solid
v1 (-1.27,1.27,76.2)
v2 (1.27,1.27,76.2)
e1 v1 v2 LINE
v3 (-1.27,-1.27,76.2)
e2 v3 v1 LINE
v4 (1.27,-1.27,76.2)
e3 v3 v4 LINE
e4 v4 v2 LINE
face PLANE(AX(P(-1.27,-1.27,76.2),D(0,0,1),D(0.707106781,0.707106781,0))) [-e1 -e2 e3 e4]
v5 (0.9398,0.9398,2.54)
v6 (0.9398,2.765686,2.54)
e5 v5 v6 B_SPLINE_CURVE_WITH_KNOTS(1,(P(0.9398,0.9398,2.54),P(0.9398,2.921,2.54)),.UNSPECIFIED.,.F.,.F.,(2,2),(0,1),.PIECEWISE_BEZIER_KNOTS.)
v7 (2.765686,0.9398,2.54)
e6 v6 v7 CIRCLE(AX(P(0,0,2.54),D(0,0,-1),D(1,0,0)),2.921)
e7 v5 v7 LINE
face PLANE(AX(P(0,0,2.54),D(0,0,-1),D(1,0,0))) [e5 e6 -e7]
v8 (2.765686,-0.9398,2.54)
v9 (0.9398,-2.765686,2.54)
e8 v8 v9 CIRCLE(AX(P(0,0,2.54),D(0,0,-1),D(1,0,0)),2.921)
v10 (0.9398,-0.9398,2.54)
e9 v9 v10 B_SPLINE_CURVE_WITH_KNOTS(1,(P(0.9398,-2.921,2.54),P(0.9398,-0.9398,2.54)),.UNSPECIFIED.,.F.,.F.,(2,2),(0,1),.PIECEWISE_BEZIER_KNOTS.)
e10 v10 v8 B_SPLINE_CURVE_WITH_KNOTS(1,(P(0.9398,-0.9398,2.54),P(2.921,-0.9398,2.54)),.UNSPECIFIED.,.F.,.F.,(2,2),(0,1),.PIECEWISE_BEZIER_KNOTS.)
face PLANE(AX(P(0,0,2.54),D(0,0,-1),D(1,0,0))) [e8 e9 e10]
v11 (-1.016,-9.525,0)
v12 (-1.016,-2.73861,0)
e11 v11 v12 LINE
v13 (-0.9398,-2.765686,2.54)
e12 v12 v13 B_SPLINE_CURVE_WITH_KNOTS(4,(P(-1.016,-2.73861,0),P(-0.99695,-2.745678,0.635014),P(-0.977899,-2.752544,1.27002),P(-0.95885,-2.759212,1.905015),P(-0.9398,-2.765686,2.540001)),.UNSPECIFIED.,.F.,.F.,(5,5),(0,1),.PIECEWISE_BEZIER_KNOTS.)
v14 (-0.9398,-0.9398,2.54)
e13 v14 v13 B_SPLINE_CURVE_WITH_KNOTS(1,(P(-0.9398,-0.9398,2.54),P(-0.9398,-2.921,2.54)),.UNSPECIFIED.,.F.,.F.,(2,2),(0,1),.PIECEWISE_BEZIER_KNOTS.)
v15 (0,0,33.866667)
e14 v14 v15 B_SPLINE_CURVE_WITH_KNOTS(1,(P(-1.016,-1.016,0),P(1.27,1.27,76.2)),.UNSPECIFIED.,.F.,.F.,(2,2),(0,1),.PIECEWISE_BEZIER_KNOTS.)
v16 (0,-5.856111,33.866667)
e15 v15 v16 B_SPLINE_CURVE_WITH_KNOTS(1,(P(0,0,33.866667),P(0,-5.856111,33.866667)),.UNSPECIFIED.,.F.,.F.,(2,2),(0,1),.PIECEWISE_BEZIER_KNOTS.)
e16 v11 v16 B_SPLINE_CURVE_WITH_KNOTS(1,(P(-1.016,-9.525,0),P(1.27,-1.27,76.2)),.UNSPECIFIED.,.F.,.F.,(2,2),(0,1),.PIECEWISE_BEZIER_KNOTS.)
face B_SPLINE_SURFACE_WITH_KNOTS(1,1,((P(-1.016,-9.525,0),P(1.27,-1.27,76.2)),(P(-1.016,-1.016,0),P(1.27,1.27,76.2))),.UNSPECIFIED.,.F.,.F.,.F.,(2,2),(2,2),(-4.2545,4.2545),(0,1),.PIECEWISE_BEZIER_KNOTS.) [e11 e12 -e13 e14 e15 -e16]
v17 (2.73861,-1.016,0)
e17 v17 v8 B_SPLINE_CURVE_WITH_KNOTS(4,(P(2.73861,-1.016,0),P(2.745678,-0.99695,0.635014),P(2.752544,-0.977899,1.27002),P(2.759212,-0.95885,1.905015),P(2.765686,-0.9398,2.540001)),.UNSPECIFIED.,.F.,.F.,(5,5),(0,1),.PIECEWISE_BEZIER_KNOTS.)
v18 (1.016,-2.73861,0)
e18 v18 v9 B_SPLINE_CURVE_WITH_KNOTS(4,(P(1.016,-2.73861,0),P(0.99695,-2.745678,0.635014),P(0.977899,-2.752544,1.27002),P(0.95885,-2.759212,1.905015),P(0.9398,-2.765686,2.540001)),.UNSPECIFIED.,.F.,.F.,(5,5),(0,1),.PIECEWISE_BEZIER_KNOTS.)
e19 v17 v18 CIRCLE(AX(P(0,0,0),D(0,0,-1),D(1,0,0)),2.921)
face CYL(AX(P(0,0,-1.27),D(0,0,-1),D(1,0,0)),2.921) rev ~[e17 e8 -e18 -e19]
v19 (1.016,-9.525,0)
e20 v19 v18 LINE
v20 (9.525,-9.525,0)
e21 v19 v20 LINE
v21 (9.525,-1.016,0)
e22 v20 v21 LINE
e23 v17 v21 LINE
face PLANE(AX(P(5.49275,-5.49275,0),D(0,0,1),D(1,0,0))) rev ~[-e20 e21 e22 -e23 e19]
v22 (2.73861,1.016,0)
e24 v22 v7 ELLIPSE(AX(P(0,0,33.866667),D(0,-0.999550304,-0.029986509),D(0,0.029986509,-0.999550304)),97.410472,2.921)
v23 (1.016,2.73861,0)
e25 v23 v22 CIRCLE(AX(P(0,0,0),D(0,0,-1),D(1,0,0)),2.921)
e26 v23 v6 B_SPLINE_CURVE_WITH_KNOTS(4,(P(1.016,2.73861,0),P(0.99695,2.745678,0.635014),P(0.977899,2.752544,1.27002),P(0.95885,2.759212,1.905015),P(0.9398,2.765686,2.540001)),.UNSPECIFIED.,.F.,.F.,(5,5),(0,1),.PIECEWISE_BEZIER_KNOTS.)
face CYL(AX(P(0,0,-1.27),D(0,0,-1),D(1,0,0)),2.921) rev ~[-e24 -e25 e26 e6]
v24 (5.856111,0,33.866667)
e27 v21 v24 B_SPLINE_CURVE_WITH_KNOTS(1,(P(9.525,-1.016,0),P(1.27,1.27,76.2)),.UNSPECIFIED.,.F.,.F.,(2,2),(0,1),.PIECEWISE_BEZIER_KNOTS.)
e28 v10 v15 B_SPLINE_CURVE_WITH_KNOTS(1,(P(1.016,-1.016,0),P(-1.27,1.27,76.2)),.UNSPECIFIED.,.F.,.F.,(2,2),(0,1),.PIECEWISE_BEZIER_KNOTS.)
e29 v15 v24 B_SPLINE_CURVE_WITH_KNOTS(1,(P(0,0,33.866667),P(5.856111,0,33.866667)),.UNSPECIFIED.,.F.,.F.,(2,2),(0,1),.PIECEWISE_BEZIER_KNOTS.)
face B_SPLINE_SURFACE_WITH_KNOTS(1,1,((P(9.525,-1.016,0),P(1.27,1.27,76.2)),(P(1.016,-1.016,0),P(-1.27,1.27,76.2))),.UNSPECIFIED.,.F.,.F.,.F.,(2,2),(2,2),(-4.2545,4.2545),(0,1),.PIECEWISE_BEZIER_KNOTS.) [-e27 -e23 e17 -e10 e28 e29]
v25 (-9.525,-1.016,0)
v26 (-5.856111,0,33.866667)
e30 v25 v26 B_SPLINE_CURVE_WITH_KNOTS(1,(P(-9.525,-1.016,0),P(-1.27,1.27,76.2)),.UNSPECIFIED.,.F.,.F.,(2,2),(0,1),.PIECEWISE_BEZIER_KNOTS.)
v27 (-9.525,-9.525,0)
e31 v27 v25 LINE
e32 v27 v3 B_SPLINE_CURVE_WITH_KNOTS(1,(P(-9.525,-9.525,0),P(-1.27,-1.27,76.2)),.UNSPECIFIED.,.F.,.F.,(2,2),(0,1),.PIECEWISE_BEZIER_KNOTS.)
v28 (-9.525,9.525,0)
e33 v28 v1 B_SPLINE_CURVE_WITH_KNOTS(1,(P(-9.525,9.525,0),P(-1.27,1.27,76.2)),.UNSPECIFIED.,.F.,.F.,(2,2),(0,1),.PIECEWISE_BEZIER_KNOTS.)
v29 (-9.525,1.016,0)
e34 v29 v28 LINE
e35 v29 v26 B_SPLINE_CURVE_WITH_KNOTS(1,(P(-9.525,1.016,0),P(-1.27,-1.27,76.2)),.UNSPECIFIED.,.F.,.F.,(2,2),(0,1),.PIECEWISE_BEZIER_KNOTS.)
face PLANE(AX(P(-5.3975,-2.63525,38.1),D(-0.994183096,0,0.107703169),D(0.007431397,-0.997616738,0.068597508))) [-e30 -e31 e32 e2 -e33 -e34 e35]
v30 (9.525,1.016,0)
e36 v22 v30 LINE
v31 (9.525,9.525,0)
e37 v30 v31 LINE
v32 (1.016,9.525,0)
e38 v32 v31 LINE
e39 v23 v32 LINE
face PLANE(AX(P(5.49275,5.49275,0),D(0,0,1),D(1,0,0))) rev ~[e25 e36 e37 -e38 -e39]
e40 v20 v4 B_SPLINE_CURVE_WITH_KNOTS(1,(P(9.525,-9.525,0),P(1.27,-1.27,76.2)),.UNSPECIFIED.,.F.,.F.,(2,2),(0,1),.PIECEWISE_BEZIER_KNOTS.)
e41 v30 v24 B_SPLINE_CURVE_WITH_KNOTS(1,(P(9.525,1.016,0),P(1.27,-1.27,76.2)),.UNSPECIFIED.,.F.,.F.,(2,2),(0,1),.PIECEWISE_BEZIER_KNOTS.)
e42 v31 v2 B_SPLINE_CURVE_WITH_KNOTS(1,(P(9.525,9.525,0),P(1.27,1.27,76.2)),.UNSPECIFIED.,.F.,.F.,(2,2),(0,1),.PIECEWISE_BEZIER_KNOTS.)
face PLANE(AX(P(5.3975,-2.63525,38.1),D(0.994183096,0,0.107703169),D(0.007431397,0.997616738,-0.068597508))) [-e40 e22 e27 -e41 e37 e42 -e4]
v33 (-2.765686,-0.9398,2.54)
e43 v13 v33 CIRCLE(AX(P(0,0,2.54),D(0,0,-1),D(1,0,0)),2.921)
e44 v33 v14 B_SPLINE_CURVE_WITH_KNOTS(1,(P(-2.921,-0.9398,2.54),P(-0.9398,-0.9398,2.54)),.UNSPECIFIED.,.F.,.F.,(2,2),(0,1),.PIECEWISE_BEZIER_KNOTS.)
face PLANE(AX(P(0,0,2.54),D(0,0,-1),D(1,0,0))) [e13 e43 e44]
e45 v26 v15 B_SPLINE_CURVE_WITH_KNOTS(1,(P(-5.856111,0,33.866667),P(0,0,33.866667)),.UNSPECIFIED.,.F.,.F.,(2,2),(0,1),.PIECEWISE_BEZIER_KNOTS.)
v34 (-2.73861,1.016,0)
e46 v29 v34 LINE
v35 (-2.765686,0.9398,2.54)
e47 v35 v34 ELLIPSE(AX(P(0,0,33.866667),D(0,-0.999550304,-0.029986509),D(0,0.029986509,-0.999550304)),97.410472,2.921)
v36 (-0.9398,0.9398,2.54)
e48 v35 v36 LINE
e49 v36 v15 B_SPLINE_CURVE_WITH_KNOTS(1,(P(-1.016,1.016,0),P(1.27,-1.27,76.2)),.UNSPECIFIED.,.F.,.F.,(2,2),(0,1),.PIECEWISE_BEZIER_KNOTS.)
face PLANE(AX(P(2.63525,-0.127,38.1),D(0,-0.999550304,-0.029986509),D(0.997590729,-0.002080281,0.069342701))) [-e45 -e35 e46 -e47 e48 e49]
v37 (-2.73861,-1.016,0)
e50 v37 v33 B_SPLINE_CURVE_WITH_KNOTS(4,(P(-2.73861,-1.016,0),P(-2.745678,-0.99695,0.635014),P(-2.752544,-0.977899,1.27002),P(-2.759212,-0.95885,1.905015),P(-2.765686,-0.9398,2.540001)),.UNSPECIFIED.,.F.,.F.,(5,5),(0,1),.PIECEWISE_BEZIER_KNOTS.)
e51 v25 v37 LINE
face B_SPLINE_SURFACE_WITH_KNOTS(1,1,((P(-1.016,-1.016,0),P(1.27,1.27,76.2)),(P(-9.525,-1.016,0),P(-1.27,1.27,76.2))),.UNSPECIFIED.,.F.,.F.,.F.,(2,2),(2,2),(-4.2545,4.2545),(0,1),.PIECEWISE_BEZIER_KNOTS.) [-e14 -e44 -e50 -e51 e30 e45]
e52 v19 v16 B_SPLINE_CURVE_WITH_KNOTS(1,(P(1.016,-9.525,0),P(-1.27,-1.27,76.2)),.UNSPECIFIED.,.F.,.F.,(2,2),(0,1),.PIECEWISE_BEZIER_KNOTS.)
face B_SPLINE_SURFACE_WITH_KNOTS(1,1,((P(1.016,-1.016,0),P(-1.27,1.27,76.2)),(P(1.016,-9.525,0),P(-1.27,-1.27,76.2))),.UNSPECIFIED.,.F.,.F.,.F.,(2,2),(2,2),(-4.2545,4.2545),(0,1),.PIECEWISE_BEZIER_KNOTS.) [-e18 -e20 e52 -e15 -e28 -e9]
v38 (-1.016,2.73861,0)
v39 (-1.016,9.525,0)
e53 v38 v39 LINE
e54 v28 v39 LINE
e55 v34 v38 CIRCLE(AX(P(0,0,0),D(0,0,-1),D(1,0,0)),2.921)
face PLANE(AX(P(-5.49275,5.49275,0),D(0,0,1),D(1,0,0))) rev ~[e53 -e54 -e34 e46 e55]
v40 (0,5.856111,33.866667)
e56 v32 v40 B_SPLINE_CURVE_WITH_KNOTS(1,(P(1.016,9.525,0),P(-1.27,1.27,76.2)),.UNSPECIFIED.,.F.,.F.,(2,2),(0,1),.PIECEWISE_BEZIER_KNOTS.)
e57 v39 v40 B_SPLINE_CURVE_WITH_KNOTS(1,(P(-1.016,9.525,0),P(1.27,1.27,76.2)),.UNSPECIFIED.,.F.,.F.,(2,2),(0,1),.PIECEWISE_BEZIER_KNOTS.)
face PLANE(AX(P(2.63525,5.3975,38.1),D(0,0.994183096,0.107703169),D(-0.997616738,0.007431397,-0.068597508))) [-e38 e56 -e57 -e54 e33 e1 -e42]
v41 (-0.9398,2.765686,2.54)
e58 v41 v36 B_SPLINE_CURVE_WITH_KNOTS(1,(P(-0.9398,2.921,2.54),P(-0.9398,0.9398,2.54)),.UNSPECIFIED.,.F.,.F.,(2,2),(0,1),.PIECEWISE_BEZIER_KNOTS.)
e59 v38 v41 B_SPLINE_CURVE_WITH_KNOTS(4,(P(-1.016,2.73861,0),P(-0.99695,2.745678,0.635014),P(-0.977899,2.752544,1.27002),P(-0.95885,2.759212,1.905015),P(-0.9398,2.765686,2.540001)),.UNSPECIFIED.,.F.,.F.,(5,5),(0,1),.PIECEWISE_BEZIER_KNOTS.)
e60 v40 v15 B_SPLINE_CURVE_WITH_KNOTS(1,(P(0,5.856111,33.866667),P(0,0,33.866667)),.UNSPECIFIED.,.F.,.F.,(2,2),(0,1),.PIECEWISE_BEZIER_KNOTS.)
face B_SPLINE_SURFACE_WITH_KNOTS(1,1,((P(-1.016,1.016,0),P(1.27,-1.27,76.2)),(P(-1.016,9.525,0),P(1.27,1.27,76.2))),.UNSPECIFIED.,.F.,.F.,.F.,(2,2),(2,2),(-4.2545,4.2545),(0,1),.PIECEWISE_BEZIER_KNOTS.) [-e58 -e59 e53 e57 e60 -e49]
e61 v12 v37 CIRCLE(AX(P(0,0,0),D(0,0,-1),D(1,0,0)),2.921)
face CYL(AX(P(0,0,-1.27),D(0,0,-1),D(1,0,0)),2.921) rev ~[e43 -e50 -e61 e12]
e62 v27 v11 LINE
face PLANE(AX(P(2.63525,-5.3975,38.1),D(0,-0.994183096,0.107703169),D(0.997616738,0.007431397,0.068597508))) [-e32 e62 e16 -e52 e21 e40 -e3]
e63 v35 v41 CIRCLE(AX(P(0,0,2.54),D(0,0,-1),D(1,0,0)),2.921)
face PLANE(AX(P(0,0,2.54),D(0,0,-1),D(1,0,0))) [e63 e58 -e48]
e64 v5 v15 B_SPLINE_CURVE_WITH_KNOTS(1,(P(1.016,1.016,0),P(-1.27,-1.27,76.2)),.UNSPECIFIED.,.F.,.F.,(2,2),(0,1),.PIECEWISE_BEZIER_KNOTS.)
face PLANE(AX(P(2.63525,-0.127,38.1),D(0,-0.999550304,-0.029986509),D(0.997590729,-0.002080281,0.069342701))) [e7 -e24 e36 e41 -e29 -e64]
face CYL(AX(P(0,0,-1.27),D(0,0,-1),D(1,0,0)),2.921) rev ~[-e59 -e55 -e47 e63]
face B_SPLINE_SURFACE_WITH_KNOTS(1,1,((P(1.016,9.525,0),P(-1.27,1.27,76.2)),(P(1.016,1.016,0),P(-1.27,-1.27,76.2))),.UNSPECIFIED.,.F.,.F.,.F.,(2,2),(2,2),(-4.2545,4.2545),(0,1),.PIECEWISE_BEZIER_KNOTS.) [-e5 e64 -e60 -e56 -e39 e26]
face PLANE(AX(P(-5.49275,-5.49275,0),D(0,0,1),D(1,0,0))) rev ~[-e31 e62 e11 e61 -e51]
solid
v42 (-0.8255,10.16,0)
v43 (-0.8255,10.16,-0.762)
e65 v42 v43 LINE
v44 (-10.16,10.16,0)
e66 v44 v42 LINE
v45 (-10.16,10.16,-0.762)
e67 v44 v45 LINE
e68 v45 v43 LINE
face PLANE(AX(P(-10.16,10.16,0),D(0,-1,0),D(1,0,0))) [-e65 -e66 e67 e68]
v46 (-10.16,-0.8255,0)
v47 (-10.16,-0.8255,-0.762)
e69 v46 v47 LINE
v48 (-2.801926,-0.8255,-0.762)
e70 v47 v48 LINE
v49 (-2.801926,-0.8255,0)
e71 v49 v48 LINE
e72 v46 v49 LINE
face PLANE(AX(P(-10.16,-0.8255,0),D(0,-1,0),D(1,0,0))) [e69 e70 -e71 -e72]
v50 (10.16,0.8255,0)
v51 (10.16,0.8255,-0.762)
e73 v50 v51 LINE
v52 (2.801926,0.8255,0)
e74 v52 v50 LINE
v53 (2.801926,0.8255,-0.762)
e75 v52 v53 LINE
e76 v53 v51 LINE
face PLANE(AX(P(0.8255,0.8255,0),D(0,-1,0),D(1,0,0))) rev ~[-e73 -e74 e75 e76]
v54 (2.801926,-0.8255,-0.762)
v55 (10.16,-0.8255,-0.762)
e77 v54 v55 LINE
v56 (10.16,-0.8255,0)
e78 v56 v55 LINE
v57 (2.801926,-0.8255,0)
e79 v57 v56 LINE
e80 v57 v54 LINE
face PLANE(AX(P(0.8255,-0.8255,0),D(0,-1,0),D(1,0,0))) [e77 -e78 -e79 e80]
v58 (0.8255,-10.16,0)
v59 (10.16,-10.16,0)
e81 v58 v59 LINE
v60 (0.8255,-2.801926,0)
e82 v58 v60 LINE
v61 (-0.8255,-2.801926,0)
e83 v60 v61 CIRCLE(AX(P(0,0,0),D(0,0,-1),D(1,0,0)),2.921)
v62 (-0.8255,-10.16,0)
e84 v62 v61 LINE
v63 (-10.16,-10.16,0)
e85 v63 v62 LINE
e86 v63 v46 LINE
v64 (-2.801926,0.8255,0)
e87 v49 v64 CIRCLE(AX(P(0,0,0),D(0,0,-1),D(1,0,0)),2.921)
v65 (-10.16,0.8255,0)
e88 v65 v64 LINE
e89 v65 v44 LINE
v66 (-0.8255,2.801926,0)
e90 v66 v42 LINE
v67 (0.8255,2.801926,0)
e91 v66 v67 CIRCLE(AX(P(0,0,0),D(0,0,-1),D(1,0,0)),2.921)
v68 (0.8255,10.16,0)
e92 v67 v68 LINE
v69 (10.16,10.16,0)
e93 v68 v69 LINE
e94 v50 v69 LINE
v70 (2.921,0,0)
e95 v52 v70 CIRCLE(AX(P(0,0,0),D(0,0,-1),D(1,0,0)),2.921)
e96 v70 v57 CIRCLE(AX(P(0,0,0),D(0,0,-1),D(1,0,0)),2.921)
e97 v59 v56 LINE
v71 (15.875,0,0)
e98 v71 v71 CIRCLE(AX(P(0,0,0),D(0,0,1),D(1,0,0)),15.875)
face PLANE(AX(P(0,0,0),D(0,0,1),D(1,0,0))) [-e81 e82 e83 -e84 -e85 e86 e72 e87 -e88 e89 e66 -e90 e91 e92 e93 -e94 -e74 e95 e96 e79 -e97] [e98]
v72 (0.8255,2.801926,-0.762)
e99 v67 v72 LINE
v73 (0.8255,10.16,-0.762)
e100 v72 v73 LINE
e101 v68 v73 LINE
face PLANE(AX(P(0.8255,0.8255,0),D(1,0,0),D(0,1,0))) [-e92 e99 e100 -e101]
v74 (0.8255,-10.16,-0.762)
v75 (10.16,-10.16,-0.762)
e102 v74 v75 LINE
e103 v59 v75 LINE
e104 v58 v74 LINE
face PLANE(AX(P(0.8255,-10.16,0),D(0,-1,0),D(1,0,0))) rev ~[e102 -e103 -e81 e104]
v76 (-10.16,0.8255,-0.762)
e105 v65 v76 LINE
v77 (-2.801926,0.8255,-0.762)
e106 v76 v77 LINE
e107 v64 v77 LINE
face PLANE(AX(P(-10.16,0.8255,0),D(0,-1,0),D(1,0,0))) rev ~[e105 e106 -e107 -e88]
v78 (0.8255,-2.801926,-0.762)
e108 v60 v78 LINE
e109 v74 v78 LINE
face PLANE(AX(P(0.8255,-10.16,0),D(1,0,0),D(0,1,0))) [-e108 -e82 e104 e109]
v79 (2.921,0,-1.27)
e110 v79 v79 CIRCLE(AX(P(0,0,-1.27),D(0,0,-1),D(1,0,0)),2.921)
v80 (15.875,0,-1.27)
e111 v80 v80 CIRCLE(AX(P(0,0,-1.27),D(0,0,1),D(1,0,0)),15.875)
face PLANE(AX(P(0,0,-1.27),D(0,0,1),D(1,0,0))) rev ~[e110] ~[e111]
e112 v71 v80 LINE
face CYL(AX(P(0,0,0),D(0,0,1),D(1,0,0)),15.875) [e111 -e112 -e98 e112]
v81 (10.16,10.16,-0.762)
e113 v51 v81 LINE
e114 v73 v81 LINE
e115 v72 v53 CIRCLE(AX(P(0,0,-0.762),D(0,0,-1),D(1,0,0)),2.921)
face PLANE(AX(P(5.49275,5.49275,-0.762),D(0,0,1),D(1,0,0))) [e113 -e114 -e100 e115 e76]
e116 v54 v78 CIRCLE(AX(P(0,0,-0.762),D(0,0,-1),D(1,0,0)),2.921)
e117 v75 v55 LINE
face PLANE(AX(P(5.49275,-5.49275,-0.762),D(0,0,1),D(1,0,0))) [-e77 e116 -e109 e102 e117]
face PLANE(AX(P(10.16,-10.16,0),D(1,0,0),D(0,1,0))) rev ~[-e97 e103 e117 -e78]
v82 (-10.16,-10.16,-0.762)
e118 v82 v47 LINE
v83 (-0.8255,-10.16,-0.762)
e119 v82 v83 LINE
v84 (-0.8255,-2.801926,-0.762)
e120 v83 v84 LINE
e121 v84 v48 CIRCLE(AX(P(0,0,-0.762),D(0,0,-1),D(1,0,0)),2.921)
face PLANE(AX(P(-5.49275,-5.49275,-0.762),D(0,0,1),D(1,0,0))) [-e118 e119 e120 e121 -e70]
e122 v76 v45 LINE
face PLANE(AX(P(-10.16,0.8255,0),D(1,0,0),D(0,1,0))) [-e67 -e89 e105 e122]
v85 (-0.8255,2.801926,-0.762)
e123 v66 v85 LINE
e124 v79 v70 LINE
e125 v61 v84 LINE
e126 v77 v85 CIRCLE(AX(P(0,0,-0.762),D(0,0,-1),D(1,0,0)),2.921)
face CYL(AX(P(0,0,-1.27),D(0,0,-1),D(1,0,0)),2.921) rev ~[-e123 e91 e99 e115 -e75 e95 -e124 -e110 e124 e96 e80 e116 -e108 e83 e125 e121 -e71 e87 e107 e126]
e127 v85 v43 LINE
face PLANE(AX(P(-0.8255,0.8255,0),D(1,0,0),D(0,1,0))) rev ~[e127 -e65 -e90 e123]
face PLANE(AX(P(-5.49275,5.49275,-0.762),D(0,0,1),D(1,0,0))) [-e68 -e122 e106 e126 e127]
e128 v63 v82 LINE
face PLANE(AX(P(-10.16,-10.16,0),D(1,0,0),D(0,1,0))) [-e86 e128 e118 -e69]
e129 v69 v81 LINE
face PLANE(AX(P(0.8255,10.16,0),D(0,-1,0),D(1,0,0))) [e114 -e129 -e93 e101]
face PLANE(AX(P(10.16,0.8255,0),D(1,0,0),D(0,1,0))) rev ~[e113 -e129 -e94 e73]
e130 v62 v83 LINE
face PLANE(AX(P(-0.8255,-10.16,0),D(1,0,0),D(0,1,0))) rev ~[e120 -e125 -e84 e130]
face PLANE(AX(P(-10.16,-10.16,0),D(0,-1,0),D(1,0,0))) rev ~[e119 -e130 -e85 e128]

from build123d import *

# Parameters (mm, degrees)
F0_R      = 15.875
F1_DEPTH  = 1.27
F2_W      = 8.509
F2_H      = 8.509
F4_W      = 2.54
F4_H      = 2.54
F5_FACE_W = 2.54
F5_FACE_H = 2.54
F9_W      = 9.3345
F9_H      = 9.3345
F10_DEPTH = 0.762
F11_R     = 2.921
F12_DEPTH = 3.81


with BuildPart() as f1:
    # F0 (on Top) → F1 (new body)
    with BuildSketch(Plane.XY):
        Circle(F0_R)
    extrude(amount=-F1_DEPTH)



with BuildPart() as f5:
    # F2 (on Top) → F5 section 0
    with BuildSketch(Plane.XY):
        with Locations((-5.2705, 5.2705)):
            Rectangle(F2_W, F2_H)
    # F4 (on offset) → F5 section 1
    with BuildSketch(Plane.XY.offset(76.2)):
        Rectangle(F4_W, F4_H)
    loft()


with BuildPart() as f1_1:
    add(f1.part)

    add(f5.part)  # F6 merges F5
    # F2 (on Top) → F6 section 0
    with BuildSketch(Plane.XY):
        with Locations((5.2705, 5.2705)):
            Rectangle(F2_W, F2_H)
    # F5_face (on face) → F6 section 1
    with BuildSketch(Plane.XY.offset(76.2)):
        Rectangle(F5_FACE_W, F5_FACE_H)
    loft()

    # F2 (on Top) → F7 section 0
    with BuildSketch(Plane.XY):
        with Locations((-5.2705, -5.2705)):
            Rectangle(F2_W, F2_H)
    # F5_face (on face) → F7 section 1
    with BuildSketch(Plane.XY.offset(76.2)):
        Rectangle(F5_FACE_W, F5_FACE_H)
    loft()

    # F2 (on Top) → F8 section 0
    with BuildSketch(Plane.XY):
        with Locations((5.2705, -5.2705)):
            Rectangle(F2_W, F2_H)
    # F5_face (on face) → F8 section 1
    with BuildSketch(Plane.XY.offset(76.2)):
        Rectangle(F5_FACE_W, F5_FACE_H)
    loft()

    # F9 (on face) → F10 (cut)
    with BuildSketch(Plane.XY):
        with Locations((5.49275, 5.49275)):
            Rectangle(F9_W, F9_H)
        with Locations((-5.49275, 5.49275)):
            Rectangle(F9_W, F9_H)
        with Locations((5.49275, -5.49275)):
            Rectangle(F9_W, F9_H)
        with Locations((-5.49275, -5.49275)):
            Rectangle(F9_W, F9_H)
    extrude(amount=-F10_DEPTH, mode=Mode.SUBTRACT)

    # F11 (on face) → F12 (cut)
    with BuildSketch(Plane(origin=(0, 0, -1.27), x_dir=(1, 0, 0), z_dir=(0, 0, -1))):
        Circle(F11_R)
    extrude(amount=-F12_DEPTH, mode=Mode.SUBTRACT)


solid = f1_1.part
